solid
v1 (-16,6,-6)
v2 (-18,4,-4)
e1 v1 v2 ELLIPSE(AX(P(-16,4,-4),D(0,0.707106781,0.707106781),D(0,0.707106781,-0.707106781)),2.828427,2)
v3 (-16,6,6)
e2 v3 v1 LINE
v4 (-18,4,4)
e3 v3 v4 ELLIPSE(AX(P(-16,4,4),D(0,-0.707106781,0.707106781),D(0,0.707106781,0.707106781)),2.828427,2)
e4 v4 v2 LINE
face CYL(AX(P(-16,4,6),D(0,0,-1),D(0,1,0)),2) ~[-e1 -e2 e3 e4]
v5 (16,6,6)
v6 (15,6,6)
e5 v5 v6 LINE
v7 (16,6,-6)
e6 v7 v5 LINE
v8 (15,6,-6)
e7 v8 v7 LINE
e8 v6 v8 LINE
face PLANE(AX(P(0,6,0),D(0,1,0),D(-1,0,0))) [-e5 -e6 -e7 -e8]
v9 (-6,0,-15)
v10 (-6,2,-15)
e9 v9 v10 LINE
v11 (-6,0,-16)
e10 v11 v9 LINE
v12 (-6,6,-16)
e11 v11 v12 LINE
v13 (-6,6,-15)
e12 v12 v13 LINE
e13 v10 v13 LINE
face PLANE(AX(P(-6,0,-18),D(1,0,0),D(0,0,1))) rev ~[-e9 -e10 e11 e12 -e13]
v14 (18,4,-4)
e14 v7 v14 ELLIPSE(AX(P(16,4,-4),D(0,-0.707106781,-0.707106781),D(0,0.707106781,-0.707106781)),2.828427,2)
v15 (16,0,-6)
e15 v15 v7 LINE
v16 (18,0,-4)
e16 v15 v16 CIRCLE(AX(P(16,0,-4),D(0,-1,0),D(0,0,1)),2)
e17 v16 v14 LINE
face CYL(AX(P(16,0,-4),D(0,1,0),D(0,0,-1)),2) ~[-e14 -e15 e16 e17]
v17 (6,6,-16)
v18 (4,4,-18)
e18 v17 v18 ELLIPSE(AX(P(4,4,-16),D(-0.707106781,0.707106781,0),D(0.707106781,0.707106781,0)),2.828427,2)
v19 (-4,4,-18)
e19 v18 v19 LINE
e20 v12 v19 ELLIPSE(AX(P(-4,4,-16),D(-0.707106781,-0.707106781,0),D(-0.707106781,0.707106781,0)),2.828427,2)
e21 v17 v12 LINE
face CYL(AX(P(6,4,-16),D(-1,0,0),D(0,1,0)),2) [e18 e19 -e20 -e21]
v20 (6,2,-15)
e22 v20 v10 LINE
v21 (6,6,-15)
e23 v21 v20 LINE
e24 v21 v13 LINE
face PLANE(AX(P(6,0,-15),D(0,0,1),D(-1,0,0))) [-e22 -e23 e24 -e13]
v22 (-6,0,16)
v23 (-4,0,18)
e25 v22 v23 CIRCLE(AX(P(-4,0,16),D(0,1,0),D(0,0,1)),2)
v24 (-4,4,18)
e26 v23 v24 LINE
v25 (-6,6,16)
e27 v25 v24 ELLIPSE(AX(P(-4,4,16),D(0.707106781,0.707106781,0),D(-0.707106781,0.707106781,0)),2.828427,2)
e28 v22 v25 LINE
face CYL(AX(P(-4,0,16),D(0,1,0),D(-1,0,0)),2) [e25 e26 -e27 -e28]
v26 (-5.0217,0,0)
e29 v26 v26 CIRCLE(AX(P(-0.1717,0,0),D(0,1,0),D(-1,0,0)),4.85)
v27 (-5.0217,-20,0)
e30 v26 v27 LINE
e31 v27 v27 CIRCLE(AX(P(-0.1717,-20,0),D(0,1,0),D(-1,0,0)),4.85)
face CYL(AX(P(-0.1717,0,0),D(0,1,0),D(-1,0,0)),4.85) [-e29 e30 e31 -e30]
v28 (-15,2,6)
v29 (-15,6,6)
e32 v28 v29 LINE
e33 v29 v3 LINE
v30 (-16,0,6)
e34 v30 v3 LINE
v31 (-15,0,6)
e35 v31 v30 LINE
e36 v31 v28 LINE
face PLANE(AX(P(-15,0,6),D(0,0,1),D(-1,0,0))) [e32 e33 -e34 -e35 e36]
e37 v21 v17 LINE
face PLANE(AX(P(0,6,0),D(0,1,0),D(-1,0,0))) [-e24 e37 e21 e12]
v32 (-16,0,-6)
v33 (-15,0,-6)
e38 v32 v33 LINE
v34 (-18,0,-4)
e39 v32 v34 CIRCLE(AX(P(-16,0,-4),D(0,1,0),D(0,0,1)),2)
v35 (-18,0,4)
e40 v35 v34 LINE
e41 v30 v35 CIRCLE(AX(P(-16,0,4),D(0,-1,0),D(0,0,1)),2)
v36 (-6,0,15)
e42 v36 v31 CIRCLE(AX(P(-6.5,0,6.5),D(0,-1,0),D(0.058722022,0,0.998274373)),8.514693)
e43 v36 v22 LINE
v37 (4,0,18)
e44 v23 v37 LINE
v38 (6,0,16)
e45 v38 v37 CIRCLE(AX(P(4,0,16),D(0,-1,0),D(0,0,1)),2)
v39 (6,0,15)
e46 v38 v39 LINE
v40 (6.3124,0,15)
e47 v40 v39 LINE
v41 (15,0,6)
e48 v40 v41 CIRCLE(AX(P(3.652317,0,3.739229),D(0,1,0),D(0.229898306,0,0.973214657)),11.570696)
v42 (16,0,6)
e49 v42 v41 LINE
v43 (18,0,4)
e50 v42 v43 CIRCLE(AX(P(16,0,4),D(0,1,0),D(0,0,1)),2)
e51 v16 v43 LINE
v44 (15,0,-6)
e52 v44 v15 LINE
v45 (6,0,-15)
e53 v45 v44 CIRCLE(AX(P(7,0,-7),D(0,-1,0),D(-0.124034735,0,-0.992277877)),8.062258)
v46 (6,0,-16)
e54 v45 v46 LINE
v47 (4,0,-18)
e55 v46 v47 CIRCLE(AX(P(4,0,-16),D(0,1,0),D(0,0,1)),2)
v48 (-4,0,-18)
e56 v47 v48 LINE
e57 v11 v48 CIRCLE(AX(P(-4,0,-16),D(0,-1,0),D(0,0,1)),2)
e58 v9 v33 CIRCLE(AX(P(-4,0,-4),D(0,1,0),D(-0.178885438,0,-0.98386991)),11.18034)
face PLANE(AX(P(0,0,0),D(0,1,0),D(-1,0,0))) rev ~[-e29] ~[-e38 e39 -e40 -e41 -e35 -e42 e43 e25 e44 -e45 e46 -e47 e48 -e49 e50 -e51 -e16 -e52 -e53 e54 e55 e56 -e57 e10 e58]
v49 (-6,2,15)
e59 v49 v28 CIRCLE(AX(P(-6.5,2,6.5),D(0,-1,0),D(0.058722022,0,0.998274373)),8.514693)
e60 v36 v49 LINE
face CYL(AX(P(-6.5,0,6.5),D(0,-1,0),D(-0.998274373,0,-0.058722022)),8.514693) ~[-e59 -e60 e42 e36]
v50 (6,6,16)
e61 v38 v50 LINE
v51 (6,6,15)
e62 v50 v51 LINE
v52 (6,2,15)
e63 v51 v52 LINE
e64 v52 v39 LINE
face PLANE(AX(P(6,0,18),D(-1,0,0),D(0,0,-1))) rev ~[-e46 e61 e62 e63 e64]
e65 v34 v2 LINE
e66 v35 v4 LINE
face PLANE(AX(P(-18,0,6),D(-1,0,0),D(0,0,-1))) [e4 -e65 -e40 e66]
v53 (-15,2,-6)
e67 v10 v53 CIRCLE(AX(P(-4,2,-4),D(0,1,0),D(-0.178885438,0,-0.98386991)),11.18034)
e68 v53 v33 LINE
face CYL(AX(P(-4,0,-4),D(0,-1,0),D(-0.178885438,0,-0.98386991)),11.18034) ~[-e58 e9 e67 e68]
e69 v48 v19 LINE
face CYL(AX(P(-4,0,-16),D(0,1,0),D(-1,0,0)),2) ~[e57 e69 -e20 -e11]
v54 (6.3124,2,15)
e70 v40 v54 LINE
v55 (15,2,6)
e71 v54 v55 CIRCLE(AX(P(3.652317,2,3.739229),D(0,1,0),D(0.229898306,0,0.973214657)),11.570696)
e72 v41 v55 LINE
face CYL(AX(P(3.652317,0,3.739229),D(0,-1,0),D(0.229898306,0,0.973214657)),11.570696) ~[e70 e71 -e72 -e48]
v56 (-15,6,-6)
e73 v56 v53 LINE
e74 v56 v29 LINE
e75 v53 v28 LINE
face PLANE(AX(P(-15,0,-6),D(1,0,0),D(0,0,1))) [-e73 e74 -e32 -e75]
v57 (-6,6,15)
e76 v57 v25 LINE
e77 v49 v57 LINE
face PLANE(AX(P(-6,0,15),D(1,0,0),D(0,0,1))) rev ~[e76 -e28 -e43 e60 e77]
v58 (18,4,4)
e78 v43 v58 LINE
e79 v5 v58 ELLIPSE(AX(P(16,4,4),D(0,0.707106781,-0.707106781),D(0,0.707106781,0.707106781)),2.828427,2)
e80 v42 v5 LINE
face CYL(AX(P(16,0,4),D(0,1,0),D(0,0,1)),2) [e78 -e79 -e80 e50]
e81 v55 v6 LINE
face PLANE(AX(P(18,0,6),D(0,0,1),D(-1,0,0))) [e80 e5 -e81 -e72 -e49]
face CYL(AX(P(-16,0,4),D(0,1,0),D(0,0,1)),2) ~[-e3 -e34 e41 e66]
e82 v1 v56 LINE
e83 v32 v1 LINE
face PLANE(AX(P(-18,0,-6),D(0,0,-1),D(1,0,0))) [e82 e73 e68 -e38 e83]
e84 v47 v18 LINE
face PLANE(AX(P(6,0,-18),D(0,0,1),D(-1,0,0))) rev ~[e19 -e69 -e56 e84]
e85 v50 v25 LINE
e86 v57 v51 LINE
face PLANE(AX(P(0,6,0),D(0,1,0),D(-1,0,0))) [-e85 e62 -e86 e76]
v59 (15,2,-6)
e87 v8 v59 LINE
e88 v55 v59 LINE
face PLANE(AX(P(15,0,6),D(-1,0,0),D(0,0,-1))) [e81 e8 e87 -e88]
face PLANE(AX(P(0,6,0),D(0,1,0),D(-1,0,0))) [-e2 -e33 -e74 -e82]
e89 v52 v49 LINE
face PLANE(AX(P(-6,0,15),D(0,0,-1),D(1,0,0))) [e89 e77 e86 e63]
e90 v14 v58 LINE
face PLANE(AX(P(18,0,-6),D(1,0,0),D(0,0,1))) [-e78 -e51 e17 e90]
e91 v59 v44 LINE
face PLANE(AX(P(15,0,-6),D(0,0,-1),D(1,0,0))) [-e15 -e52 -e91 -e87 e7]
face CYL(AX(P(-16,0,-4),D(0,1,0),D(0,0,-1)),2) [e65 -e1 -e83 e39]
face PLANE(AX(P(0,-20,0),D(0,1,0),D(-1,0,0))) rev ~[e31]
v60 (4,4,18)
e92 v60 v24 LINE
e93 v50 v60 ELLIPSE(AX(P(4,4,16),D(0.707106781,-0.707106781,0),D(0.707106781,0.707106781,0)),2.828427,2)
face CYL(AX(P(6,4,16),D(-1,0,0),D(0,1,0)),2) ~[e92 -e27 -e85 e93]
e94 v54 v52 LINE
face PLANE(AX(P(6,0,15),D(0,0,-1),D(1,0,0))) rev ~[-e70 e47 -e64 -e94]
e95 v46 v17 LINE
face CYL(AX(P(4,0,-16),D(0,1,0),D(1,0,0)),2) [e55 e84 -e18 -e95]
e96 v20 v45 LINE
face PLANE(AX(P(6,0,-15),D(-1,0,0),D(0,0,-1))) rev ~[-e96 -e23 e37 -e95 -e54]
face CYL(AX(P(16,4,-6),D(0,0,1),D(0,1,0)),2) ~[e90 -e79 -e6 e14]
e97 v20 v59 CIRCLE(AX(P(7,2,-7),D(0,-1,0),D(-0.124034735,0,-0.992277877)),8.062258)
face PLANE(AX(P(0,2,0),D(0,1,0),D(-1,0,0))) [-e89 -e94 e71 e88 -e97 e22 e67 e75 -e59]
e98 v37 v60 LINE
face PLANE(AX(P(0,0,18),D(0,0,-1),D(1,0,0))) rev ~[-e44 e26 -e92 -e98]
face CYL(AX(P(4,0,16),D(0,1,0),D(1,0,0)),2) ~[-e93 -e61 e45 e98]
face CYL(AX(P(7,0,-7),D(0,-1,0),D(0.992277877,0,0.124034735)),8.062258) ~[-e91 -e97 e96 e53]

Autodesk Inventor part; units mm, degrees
ref_plane "YZ Plane" through (0, 0, 0) normal (1, 0, 0) x (0, 1, 0)
ref_plane "XZ Plane" through (0, 0, 0) normal (0, 1, 0) x (-1, 0, 0)
ref_plane "XY Plane" through (0, 0, 0) normal (0, 0, 1) x (1, 0, 0)
sketch "Sketch1" plane through (0, 0, 0) normal (0, 1, 0) x (-1, 0, 0)
  circle A0 centre (0.1717, 0) radius 4.85
  line L0 (15, 15) -> (-15, 15)
  line L1 (-15, 15) -> (-15, -15)
  line L2 (-15, -15) -> (15, -15)
  line L3 (15, -15) -> (15, 15)
  line L4 (0, 15) -> (6, 15)
  line L5 (6, 15) -> (6, 18)
  line L6 (6, 18) -> (0, 18)
  line L7 (0, 18) -> (-6, 18)
  line L8 (-6, 18) -> (-6, 15)
  line L9 (-6, 15) -> (0, 15)
  line L10 (6, -15) -> (-6, -15)
  line L11 (-6, -15) -> (-6, -18)
  line L12 (-6, -18) -> (6, -18)
  line L13 (6, -18) -> (6, -15)
  line L14 (15, 6) -> (18, 6)
  line L15 (18, 6) -> (18, -6)
  line L16 (18, -6) -> (15, -6)
  line L17 (15, -6) -> (15, 6)
  line L18 (-15, -6) -> (-18, -6)
  line L19 (-18, -6) -> (-18, 6)
  line L20 (-18, 6) -> (-15, 6)
  line L21 (-15, 6) -> (-15, -6)
  arc A1 (15, 6) -> (6, 15) centre (6.5, 6.5) ccw
  arc A2 (6, -15) -> (15, -6) centre (4, -4) ccw
  arc A3 (-15, -6) -> (-6, -15) centre (-7, -7) ccw
  arc A4 (-6.3124, 15) -> (-15, 6) centre (-3.6523, 3.7392) ccw
  point P0 (0, 0)
  dimension "d0" = 9.7
extrude "Extrusion1" add sketch "Sketch1" along normal blind 6 contours L0 L8 L7 L6 L5 | L14 L15 L16 L3 | L1 L18 L19 L20 | L13 L12 L11 L2
extrude "Extrusion2" cut sketch "Sketch1" along normal blind 3 contours L0 A1 L3 A2 L2 A3 L1 A4 | A1 L0 | A1 L3 | L1 A3 | A3 L2
extrude "Extrusion3" add sketch "Sketch1" along normal blind 2 contours A0 | L0 A1 L3 A2 L2 A3 L1 A4 | A1 L0 | A1 L3 | L1 A3 | A3 L2
fillet "Fillet1" radius 2 12 edges at (18, 3, -6) (6, 3, -18) (-6, 3, -18) (-18, 3, -6) (-18, 3, 6) (-6, 3, 18) (6, 3, 18) (18, 3, 6) (0, 6, 18) (-18, 6, 0) (0, 6, -18) (18, 6, 0)
extrude "Extrusion4" add sketch "Sketch1" against normal blind 20 contours A0
properties part number "spider_support"
